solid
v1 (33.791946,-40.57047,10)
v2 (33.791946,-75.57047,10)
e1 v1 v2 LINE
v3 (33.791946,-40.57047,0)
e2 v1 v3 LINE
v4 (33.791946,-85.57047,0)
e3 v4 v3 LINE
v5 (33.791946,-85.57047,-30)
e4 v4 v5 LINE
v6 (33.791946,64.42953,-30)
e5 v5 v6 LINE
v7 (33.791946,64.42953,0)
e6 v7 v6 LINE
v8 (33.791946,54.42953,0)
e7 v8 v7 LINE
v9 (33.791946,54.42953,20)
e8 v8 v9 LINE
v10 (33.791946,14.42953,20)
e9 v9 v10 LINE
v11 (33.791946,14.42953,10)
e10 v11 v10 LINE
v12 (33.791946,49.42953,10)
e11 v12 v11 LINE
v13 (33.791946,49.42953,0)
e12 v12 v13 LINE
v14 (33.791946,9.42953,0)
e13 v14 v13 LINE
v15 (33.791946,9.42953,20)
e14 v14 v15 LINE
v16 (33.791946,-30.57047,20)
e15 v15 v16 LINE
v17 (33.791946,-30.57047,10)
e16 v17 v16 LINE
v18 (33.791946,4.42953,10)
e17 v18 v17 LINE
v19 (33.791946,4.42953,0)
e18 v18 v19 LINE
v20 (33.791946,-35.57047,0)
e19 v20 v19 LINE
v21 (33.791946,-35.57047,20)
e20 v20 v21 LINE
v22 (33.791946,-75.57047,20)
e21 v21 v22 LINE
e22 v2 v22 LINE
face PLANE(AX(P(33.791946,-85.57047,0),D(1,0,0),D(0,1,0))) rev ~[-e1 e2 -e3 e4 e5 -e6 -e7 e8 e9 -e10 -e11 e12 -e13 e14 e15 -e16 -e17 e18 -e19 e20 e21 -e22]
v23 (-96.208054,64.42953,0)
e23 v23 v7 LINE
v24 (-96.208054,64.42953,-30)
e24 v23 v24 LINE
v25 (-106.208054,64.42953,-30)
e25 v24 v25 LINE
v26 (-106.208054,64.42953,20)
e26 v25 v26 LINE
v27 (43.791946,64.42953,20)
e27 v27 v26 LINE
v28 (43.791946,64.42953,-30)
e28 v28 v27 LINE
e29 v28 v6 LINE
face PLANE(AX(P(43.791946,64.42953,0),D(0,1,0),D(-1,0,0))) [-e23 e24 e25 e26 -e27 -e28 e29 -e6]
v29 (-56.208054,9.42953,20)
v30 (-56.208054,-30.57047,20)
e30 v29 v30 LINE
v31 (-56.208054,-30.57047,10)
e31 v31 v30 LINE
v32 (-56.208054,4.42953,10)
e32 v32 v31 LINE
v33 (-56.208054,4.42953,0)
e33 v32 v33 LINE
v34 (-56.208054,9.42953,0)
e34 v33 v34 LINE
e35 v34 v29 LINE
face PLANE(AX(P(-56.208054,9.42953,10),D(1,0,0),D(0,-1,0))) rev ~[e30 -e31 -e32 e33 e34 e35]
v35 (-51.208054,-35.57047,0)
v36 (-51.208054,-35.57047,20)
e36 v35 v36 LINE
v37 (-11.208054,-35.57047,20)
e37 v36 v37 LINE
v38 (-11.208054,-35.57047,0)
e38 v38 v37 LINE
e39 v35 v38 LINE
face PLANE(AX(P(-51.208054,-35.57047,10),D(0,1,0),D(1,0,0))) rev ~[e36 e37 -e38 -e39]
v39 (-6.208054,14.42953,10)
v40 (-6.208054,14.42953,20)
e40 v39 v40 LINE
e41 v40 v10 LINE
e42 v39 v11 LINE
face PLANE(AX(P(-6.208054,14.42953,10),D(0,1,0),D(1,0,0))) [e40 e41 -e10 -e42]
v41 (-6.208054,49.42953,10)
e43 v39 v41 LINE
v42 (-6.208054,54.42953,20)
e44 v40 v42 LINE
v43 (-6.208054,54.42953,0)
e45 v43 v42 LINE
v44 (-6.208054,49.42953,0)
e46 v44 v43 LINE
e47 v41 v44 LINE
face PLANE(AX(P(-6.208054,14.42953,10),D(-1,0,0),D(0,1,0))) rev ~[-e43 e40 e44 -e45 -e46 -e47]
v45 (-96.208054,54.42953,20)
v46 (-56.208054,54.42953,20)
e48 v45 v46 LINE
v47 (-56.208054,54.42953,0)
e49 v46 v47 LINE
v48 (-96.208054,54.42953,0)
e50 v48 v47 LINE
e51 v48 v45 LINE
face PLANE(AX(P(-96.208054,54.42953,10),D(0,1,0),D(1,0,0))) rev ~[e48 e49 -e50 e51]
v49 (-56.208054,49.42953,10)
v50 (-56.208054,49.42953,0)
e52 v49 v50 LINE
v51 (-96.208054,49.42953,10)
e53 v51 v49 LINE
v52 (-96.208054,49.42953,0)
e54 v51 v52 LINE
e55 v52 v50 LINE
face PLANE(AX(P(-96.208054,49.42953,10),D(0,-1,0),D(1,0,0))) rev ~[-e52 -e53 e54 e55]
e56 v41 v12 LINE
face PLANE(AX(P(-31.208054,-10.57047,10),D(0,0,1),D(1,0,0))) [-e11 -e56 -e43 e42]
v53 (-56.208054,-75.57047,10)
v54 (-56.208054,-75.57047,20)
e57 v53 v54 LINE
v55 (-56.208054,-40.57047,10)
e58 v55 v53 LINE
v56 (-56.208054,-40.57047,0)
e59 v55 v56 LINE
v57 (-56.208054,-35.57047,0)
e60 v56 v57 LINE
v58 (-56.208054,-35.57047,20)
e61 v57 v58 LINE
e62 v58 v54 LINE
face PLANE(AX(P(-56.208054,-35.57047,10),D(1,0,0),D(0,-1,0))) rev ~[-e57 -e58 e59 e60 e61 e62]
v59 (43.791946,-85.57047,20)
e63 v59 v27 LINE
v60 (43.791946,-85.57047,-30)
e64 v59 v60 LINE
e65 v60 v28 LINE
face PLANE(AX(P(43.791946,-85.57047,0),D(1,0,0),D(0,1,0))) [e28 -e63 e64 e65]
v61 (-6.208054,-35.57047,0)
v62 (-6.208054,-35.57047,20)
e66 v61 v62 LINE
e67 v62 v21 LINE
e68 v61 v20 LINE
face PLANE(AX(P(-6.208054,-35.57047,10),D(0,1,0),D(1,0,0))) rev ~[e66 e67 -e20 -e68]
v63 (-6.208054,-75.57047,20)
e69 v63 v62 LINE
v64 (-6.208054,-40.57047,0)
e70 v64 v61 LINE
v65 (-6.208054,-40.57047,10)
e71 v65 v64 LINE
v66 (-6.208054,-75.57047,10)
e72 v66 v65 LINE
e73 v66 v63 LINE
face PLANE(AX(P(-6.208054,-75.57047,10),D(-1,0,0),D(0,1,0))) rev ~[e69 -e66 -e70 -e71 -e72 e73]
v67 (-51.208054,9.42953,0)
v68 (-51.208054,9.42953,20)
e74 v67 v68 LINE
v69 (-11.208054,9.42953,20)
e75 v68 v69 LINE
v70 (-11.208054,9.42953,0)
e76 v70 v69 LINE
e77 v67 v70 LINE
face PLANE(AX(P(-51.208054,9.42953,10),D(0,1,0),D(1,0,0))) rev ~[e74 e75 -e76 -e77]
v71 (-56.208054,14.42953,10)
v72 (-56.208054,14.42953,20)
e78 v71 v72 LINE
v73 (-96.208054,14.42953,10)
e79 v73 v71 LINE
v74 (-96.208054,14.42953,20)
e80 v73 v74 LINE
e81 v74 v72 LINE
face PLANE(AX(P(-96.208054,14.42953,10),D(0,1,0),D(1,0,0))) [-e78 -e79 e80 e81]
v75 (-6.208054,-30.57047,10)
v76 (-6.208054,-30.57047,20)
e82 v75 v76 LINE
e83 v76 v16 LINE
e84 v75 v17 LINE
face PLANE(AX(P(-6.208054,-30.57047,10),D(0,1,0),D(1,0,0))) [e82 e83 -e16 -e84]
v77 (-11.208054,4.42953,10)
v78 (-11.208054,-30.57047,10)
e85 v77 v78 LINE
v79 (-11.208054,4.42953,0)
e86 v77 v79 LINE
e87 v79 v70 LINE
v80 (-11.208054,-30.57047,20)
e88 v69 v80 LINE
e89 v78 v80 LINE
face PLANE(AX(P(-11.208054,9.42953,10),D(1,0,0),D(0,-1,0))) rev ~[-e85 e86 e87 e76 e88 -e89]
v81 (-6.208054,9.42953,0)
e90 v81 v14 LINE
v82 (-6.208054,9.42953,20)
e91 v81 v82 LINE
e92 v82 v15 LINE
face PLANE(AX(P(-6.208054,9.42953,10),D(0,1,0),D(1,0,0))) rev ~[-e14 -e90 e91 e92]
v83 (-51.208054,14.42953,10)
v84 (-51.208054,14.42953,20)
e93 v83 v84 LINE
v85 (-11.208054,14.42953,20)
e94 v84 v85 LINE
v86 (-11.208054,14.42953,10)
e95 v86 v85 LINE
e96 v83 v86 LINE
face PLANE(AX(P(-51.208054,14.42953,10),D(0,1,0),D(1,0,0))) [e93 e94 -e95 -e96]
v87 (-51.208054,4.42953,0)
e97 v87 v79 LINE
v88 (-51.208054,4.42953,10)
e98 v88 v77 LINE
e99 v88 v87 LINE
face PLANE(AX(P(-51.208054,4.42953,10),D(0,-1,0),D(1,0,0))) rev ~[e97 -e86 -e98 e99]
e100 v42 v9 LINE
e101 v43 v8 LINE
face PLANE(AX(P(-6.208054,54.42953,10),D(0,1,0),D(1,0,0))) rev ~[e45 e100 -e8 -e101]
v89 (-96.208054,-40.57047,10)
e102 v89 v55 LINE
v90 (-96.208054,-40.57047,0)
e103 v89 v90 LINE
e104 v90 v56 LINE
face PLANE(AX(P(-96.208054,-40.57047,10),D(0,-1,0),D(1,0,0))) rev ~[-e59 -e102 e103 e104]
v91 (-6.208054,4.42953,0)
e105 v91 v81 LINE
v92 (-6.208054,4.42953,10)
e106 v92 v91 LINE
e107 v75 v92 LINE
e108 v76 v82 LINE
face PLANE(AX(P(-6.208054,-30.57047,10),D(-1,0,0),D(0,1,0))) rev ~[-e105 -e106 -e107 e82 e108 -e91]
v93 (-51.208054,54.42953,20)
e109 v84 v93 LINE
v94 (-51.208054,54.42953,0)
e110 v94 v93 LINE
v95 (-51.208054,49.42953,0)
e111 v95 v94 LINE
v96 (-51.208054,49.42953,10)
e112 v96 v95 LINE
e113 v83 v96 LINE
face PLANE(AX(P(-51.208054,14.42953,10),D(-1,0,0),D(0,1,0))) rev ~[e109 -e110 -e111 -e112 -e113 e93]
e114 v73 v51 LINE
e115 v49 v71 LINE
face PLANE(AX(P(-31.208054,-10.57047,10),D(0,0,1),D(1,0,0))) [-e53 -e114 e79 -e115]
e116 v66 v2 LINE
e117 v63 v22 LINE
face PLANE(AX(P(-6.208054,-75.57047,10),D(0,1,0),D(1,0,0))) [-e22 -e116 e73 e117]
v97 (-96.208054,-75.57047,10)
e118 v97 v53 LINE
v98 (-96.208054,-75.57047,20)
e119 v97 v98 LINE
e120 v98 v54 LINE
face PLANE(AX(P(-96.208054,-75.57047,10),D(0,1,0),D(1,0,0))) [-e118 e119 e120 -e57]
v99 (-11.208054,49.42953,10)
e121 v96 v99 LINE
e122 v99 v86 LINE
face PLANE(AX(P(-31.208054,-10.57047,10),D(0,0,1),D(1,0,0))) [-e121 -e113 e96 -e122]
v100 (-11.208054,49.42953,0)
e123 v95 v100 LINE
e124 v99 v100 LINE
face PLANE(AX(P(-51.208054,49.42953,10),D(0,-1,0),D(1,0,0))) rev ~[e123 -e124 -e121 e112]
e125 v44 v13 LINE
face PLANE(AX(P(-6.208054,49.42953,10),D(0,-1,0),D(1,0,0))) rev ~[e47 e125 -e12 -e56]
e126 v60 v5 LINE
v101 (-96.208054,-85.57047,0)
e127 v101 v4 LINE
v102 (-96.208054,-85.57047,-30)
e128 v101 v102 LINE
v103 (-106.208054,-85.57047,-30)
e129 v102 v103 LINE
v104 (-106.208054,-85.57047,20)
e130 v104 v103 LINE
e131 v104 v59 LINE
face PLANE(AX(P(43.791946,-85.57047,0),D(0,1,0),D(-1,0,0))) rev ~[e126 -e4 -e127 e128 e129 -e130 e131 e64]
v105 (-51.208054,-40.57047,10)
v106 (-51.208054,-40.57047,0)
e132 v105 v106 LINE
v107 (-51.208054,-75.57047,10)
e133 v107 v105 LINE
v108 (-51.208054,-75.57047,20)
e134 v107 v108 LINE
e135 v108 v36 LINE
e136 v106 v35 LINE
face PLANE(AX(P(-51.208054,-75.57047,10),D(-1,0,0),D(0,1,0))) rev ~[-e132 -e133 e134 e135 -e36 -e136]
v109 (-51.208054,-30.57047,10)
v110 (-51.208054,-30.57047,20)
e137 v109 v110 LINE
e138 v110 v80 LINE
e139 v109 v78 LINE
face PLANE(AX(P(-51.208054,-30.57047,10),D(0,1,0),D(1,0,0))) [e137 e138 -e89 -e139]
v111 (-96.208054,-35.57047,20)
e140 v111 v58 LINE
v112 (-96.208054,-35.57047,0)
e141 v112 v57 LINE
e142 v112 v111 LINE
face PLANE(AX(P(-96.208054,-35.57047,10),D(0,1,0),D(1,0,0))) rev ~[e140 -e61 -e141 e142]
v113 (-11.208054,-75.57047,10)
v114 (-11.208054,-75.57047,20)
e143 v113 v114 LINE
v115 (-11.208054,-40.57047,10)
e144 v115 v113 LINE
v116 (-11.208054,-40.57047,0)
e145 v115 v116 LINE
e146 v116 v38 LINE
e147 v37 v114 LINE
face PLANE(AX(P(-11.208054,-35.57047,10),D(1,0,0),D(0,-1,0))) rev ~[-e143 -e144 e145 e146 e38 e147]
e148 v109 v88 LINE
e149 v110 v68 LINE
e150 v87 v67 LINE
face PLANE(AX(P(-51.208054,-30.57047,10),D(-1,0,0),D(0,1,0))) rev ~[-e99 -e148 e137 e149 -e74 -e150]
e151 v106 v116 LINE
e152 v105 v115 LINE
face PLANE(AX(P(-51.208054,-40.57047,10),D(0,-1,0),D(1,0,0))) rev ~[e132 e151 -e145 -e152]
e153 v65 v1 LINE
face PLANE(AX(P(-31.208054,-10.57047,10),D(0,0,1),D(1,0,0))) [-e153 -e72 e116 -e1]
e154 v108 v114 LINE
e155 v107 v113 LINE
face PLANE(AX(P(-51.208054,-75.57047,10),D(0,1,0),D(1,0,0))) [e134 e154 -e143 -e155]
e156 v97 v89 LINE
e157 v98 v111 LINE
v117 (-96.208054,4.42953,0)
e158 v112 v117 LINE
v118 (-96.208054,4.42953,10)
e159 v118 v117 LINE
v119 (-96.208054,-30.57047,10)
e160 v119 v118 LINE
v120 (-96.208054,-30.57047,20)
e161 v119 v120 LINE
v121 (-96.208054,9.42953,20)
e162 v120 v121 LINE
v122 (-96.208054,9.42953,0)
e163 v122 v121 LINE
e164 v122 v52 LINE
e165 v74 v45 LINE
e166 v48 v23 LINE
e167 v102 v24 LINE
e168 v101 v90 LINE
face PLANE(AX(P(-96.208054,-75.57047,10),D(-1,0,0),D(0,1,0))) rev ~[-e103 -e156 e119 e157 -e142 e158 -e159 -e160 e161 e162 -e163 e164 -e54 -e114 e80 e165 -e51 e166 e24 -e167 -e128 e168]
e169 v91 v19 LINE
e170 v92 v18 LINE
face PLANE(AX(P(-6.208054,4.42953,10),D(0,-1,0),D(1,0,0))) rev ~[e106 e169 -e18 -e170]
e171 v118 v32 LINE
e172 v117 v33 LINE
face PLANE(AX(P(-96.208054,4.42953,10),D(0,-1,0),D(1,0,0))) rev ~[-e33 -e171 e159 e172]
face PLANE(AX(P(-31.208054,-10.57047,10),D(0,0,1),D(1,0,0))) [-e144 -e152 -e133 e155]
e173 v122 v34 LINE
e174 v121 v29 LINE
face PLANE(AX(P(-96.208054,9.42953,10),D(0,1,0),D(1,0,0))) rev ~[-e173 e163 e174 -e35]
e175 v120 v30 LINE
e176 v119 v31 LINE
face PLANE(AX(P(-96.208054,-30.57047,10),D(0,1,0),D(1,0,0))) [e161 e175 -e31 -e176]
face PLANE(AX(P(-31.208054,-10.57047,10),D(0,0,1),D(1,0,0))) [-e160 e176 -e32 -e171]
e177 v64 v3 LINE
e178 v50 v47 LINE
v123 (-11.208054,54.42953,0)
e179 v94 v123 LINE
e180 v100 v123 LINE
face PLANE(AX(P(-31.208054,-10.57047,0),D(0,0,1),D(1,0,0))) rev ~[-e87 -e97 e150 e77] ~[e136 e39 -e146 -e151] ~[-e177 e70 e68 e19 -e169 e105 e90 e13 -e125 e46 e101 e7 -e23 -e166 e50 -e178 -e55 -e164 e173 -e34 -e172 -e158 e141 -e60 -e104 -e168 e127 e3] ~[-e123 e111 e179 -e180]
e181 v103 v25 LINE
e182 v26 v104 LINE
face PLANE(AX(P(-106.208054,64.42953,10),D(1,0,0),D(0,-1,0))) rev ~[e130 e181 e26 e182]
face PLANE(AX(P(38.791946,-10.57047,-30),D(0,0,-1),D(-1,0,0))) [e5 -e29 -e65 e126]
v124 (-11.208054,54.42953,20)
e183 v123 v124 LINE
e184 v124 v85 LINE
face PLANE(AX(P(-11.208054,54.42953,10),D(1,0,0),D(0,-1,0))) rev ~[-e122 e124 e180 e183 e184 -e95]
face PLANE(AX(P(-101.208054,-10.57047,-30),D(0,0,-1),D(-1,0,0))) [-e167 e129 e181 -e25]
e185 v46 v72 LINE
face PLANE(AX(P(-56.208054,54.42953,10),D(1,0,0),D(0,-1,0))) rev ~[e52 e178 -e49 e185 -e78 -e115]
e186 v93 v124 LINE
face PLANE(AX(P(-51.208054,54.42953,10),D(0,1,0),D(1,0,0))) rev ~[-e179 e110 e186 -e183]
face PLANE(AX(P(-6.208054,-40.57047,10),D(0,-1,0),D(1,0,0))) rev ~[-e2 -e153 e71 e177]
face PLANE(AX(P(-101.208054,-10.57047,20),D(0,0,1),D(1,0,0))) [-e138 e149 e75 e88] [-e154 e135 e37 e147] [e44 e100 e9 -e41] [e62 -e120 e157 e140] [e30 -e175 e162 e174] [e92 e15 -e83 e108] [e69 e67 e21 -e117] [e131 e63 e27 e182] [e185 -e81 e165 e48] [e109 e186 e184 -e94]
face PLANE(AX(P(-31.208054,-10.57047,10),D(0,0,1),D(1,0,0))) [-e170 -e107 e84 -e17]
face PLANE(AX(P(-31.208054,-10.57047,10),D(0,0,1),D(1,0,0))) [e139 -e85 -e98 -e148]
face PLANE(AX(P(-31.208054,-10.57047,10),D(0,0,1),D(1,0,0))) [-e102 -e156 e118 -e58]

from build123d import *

# Parameters (mm, degrees)
SKETCH1_W           = 150
SKETCH1_H           = 150
BOSS_EXTRUDE1_DEPTH = 10
SKETCH2_W           = 40
SKETCH2_H           = 5
SKETCH2_H_2         = 10
BOSS_EXTRUDE2_DEPTH = 10
SKETCH3_W           = 40
SKETCH3_H           = 5
CUT_EXTRUDE1_DEPTH  = 10
SKETCH4_W           = 10
SKETCH4_H           = 150
BOSS_EXTRUDE3_DEPTH = 30


with BuildPart() as part:
    # Sketch1 → Boss-Extrude1 (new body)
    with BuildSketch(Plane.XY):
        with Locations((-31.208053691, -10.570469799)):
            Rectangle(SKETCH1_W, SKETCH1_H)
    extrude(amount=BOSS_EXTRUDE1_DEPTH)

    # Sketch2 → Boss-Extrude2 (add)
    with BuildSketch(Plane.XY.offset(10)):
        Polygon((-96.208053691, 64.429530201), (-106.208053691, 64.429530201), (-106.208053691, -85.570469799), (-96.208053691, -85.570469799), (-96.208053691, -75.570469799), (-96.208053691, -35.570469799), (-96.208053691, -30.570469799), (-96.208053691, 9.429530201), (-96.208053691, 14.429530201), (-96.208053691, 54.429530201), align=None)
        with Locations((-76.208053691, 11.929530201)):
            Rectangle(SKETCH2_W, SKETCH2_H)
        Polygon((-51.208053691, 64.429530201), (-56.208053691, 64.429530201), (-56.208053691, 54.429530201), (-56.208053691, 14.429530201), (-56.208053691, 9.429530201), (-56.208053691, -30.570469799), (-56.208053691, -35.570469799), (-56.208053691, -75.570469799), (-56.208053691, -85.570469799), (-51.208053691, -85.570469799), (-51.208053691, -75.570469799), (-51.208053691, -35.570469799), (-51.208053691, -30.570469799), (-51.208053691, 9.429530201), (-51.208053691, 14.429530201), (-51.208053691, 54.429530201), align=None)
        with Locations((-76.208053691, 59.429530201)):
            Rectangle(SKETCH2_W, SKETCH2_H_2)
        with Locations((-31.208053691, 59.429530201)):
            Rectangle(SKETCH2_W, SKETCH2_H_2)
        Polygon((-6.208053691, 64.429530201), (-11.208053691, 64.429530201), (-11.208053691, 54.429530201), (-11.208053691, 14.429530201), (-11.208053691, 9.429530201), (-11.208053691, -30.570469799), (-11.208053691, -35.570469799), (-11.208053691, -75.570469799), (-11.208053691, -85.570469799), (-6.208053691, -85.570469799), (-6.208053691, -75.570469799), (-6.208053691, -35.570469799), (-6.208053691, -30.570469799), (-6.208053691, 9.429530201), (-6.208053691, 14.429530201), (-6.208053691, 54.429530201), align=None)
        with Locations((13.791946309, 59.429530201)):
            Rectangle(SKETCH2_W, SKETCH2_H_2)
        Polygon((43.791946309, 64.429530201), (33.791946309, 64.429530201), (33.791946309, 54.429530201), (33.791946309, 14.429530201), (33.791946309, 9.429530201), (33.791946309, -30.570469799), (33.791946309, -35.570469799), (33.791946309, -75.570469799), (33.791946309, -85.570469799), (43.791946309, -85.570469799), align=None)
        with Locations((-76.208053691, -80.570469799)):
            Rectangle(SKETCH2_W, SKETCH2_H_2)
        with Locations((13.791946309, -80.570469799)):
            Rectangle(SKETCH2_W, SKETCH2_H_2)
        with Locations((-31.208053691, -80.570469799)):
            Rectangle(SKETCH2_W, SKETCH2_H_2)
        with Locations((-31.208053691, 11.929530201)):
            Rectangle(SKETCH2_W, SKETCH2_H)
        with Locations((13.791946309, 11.929530201)):
            Rectangle(SKETCH2_W, SKETCH2_H)
        with Locations((13.791946309, -33.070469799)):
            Rectangle(SKETCH2_W, SKETCH2_H)
        with Locations((-76.208053691, -33.070469799)):
            Rectangle(SKETCH2_W, SKETCH2_H)
        with Locations((-31.208053691, -33.070469799)):
            Rectangle(SKETCH2_W, SKETCH2_H)
    extrude(amount=BOSS_EXTRUDE2_DEPTH)

    # Sketch3 → Cut-Extrude1 (cut)
    with BuildSketch(Plane.XY.offset(10)):
        with Locations((-76.208053691, 51.929530201)):
            Rectangle(SKETCH3_W, SKETCH3_H)
        with Locations((-31.208053691, 51.929530201)):
            Rectangle(SKETCH3_W, SKETCH3_H)
        with Locations((13.791946309, 51.929530201)):
            Rectangle(SKETCH3_W, SKETCH3_H)
        with Locations((-76.208053691, 6.929530201)):
            Rectangle(SKETCH3_W, SKETCH3_H)
        with Locations((-31.208053691, 6.929530201)):
            Rectangle(SKETCH3_W, SKETCH3_H)
        with Locations((13.791946309, 6.929530201)):
            Rectangle(SKETCH3_W, SKETCH3_H)
        with Locations((-76.208053691, -38.070469799)):
            Rectangle(SKETCH3_W, SKETCH3_H)
        with Locations((-31.208053691, -38.070469799)):
            Rectangle(SKETCH3_W, SKETCH3_H)
        with Locations((13.791946309, -38.070469799)):
            Rectangle(SKETCH3_W, SKETCH3_H)
    extrude(amount=-CUT_EXTRUDE1_DEPTH, mode=Mode.SUBTRACT)

    # Sketch4 → Boss-Extrude3 (add)
    with BuildSketch(Plane(origin=(0, 0, 0), x_dir=(-1, 0, 0), z_dir=(0, 0, -1))):
        with Locations((-38.791946309, -10.570469799)):
            Rectangle(SKETCH4_W, SKETCH4_H)
        with Locations((101.208053691, -10.570469799)):
            Rectangle(SKETCH4_W, SKETCH4_H)
    extrude(amount=BOSS_EXTRUDE3_DEPTH)


solid = part.part
